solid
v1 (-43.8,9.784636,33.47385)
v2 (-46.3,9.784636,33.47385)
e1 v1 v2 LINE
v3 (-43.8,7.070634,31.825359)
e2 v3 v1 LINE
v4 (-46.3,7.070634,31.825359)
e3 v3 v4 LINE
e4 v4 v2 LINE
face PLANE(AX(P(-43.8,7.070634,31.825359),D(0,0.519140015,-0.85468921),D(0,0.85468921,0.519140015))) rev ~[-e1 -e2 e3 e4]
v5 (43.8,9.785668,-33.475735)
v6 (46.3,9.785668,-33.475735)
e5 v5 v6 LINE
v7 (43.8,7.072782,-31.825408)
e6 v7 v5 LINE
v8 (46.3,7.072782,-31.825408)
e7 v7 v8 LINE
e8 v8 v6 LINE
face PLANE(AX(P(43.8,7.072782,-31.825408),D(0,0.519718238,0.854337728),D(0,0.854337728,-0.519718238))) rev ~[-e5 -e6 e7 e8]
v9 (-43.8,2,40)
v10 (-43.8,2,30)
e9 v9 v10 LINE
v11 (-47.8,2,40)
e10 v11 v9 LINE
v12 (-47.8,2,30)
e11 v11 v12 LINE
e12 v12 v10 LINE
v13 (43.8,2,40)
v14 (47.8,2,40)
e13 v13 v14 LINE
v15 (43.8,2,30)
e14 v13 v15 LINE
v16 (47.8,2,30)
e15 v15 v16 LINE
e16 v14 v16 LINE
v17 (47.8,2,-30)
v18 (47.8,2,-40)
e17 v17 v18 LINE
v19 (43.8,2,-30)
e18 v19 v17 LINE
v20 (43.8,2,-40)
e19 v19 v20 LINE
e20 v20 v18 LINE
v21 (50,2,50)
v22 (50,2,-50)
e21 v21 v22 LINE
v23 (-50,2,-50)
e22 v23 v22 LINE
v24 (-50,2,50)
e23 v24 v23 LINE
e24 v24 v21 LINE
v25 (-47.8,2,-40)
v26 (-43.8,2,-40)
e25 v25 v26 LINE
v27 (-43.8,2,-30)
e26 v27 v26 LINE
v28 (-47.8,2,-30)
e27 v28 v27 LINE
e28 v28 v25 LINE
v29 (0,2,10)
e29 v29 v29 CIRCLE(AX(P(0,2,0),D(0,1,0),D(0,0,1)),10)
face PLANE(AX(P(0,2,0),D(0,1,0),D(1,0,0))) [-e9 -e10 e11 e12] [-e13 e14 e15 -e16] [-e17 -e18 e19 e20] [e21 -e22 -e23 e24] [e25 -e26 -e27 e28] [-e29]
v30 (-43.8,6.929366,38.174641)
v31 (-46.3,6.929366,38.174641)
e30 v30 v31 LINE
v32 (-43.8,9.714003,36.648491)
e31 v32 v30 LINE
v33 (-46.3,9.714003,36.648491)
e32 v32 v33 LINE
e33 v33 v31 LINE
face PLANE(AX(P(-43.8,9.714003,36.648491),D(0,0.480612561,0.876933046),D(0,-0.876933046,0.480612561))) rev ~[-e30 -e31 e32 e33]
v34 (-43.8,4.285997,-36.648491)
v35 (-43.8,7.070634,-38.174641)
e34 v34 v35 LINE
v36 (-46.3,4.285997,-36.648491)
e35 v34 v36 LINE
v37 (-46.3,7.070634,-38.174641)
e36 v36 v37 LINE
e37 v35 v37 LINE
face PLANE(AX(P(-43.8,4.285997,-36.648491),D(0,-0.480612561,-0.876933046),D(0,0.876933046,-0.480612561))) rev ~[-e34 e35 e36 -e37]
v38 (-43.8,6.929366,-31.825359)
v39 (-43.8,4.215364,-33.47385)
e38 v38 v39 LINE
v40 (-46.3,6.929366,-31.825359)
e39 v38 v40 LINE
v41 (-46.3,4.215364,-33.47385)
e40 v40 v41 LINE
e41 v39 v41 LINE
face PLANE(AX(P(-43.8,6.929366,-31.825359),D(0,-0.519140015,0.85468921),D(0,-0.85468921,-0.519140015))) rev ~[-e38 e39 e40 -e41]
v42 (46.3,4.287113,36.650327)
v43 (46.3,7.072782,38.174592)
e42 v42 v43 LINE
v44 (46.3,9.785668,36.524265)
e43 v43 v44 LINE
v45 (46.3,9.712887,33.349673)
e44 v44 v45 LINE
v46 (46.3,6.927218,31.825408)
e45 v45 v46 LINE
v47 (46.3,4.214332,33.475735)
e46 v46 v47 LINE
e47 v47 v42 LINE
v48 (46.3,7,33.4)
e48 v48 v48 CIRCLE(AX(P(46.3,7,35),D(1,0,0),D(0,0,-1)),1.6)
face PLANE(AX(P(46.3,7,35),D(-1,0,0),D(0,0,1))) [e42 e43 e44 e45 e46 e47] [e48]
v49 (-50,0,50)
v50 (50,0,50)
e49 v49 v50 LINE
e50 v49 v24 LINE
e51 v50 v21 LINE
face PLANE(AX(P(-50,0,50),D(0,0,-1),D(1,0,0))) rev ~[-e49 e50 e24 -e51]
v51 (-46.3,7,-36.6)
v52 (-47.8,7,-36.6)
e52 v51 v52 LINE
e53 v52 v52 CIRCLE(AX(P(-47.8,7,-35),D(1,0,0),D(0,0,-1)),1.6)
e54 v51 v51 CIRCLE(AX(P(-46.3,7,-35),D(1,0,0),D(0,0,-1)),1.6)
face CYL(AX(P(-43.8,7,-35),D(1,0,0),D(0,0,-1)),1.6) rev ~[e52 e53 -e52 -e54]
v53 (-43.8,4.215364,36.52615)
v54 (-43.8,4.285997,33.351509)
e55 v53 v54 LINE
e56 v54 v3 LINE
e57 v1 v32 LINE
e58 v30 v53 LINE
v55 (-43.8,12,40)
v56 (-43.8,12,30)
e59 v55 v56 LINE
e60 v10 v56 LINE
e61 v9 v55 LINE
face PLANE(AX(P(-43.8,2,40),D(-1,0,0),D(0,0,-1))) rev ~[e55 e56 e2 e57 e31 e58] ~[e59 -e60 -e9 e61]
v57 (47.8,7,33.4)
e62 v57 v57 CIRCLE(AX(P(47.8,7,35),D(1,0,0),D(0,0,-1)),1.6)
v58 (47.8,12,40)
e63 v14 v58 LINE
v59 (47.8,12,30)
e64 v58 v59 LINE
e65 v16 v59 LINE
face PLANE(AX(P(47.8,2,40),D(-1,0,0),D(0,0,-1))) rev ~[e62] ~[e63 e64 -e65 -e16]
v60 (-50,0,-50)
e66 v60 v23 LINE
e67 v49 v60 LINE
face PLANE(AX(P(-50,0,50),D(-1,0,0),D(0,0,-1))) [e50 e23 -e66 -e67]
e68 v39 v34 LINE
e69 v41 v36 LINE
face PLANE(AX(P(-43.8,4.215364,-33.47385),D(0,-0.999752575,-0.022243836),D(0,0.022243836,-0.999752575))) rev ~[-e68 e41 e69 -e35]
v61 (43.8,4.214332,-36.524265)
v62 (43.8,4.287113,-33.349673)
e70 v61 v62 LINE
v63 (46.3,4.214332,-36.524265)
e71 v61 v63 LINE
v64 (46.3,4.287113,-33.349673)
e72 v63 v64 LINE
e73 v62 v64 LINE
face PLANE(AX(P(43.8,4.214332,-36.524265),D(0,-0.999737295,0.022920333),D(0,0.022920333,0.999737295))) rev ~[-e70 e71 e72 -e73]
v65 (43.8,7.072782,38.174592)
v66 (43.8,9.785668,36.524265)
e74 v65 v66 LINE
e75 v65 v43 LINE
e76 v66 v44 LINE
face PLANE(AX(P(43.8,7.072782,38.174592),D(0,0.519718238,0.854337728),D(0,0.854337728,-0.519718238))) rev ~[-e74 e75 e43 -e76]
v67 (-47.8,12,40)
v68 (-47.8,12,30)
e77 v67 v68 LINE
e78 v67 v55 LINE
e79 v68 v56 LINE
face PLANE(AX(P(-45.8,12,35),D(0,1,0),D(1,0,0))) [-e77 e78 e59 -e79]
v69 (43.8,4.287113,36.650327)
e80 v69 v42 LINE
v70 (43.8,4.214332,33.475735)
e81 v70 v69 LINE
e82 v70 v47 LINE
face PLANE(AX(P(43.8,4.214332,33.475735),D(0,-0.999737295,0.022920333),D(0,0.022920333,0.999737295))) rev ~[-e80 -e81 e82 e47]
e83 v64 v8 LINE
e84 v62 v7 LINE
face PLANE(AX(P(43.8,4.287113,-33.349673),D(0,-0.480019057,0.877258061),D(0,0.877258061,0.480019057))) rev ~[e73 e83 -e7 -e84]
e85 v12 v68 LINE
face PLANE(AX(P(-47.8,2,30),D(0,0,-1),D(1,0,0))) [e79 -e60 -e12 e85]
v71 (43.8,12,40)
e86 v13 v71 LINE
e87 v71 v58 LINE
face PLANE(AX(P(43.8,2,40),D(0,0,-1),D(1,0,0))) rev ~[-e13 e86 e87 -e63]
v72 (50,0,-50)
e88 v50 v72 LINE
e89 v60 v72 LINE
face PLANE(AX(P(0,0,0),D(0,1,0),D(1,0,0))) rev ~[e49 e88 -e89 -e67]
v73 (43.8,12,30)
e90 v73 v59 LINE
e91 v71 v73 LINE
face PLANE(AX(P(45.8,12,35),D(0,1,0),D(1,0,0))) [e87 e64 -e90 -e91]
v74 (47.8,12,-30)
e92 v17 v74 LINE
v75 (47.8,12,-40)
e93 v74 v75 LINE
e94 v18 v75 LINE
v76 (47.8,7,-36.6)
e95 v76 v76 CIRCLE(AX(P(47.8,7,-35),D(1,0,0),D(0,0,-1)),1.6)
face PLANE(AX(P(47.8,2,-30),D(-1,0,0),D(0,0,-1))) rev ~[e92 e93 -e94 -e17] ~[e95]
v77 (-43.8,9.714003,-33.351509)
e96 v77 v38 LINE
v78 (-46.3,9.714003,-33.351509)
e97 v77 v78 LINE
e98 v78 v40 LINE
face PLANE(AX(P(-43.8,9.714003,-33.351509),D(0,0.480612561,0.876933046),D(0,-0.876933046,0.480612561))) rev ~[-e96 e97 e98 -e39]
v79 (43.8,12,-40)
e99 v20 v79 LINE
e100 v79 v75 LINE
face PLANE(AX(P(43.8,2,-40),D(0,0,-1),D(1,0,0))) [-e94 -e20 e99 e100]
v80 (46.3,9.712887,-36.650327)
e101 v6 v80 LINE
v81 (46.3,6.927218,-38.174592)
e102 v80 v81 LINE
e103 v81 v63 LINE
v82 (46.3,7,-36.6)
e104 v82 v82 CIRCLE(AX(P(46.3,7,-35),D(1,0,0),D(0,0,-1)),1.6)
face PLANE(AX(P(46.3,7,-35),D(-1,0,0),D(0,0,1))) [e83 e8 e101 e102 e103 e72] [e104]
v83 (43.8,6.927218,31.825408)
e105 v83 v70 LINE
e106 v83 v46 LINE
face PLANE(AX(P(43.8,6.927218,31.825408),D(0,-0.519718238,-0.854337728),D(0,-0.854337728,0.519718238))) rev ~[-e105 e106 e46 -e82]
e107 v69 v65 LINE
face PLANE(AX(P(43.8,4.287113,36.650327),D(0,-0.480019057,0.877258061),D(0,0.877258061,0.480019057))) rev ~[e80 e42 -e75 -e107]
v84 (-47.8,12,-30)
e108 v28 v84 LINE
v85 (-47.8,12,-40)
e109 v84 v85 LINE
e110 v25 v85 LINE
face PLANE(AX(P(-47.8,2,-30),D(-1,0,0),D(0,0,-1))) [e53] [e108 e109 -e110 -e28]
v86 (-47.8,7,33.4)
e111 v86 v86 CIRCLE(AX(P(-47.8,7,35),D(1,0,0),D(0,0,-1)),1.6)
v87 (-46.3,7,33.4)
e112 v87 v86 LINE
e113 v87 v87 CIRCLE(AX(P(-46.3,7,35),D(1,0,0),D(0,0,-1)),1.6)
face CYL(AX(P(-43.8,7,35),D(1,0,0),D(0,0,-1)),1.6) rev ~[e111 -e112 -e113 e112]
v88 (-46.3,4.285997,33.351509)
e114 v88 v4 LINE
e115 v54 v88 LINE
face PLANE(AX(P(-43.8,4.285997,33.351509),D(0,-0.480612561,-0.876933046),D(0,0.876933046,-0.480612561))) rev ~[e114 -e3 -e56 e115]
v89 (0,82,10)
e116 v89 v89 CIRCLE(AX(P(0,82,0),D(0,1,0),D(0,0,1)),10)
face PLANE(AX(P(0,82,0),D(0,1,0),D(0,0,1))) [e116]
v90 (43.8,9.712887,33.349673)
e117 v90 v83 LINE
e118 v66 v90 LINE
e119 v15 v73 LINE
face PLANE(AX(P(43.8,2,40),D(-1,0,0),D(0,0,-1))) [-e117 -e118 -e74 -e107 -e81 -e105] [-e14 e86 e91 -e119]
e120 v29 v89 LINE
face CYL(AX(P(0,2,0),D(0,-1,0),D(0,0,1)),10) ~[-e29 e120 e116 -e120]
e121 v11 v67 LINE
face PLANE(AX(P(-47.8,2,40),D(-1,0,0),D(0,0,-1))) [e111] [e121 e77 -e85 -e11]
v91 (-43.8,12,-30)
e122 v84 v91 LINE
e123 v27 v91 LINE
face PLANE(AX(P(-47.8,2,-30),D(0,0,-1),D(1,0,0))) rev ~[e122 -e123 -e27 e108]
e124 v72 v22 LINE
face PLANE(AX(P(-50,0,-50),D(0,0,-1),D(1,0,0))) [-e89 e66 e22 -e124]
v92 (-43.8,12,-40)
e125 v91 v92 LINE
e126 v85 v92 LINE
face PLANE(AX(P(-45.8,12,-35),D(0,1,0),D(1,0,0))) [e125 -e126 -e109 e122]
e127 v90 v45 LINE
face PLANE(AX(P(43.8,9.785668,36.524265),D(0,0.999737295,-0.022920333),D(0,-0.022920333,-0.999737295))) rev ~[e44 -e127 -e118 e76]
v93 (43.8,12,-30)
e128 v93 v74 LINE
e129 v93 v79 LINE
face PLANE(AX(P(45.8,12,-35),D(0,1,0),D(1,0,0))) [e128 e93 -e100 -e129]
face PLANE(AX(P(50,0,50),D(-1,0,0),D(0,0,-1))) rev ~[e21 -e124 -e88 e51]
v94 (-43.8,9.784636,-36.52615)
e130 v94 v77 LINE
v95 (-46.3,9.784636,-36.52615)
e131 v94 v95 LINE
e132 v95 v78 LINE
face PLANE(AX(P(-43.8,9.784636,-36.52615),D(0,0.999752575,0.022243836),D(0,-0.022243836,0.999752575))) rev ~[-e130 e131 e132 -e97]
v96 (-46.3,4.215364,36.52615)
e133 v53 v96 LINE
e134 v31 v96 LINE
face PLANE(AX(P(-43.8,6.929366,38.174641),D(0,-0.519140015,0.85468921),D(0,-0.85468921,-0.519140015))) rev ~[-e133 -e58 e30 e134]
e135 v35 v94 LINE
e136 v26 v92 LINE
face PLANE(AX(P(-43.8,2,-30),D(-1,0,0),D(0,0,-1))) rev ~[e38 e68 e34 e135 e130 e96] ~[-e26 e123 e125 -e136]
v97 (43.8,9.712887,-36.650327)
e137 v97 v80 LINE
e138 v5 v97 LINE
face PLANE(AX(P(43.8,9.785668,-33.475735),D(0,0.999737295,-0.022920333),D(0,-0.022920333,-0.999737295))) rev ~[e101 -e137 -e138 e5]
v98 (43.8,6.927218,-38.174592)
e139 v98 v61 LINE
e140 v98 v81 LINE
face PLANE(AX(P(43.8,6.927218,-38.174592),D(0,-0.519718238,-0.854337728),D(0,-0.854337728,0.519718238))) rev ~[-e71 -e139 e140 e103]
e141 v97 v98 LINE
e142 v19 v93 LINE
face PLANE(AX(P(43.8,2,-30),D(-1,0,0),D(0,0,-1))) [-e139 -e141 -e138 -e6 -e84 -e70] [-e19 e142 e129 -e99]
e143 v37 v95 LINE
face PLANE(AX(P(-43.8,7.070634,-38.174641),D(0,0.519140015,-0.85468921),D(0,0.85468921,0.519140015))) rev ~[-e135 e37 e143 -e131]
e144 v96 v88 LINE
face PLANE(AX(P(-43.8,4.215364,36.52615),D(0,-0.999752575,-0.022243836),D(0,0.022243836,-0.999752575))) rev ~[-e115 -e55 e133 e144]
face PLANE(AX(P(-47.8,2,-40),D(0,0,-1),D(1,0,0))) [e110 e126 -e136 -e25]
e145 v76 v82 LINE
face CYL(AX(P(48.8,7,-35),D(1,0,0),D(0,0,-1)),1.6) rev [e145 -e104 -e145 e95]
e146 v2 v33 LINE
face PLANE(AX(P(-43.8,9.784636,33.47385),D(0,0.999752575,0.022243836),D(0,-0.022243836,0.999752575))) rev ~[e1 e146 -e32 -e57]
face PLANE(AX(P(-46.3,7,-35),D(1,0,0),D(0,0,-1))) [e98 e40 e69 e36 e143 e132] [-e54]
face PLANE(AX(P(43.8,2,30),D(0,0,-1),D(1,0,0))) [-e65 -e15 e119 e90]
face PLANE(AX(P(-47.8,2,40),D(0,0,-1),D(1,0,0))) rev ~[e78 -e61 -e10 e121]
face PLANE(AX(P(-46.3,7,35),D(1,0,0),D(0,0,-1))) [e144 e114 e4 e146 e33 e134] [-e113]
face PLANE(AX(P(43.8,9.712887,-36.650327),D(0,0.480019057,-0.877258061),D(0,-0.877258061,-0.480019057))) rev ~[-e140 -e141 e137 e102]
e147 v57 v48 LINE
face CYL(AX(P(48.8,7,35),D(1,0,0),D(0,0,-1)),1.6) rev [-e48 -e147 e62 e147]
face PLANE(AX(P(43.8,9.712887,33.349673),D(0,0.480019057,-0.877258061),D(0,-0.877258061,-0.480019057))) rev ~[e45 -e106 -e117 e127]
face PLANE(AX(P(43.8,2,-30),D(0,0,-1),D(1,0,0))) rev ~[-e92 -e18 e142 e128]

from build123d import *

# Parameters (mm, degrees)
IZIM1_W                     = 100
IZIM1_H                     = 100
Y_KSEKLIK_EKSTR_ZYON1_DEPTH = 2
IZIM2_R                     = 10
Y_KSEKLIK_EKSTR_ZYON2_DEPTH = 80
IZIM3_W                     = 4
IZIM3_H                     = 10
Y_KSEKLIK_EKSTR_ZYON3_DEPTH = 10
KES_EKSTR_ZYON1_DEPTH       = 2.5
IZIM6_R                     = 1.6
KES_EKSTR_ZYON2_DEPTH       = 5
KES_EKSTR_ZYON3_DEPTH       = 2.5
KES_EKSTR_ZYON4_START       = -5
IZIM8_R                     = 1.6
KES_EKSTR_ZYON4_DEPTH       = 5


with BuildPart() as part:
    # Çizim1 → Yükseklik-Ekstrüzyon1 (new body)
    with BuildSketch(Plane(origin=(0, 0, 0), x_dir=(1, 0, 0), z_dir=(0, 1, 0))):
        Rectangle(IZIM1_W, IZIM1_H)
    extrude(amount=Y_KSEKLIK_EKSTR_ZYON1_DEPTH)

    # Çizim2 → Yükseklik-Ekstrüzyon2 (add)
    with BuildSketch(Plane(origin=(0, 2, 0), x_dir=(1, 0, 0), z_dir=(0, 1, 0))):
        with Locations(Location((0, 0, 0), (0, 0, 270))):
            Circle(IZIM2_R)
    extrude(amount=Y_KSEKLIK_EKSTR_ZYON2_DEPTH)

    # Çizim3 → Yükseklik-Ekstrüzyon3 (add)
    with BuildSketch(Plane(origin=(0, 2, 0), x_dir=(1, 0, 0), z_dir=(0, 1, 0))):
        with Locations((-45.8, 35)):
            Rectangle(IZIM3_W, IZIM3_H)
        with Locations((45.8, 35)):
            Rectangle(IZIM3_W, IZIM3_H)
        with Locations((-45.8, -35)):
            Rectangle(IZIM3_W, IZIM3_H)
        with Locations((45.8, -35)):
            Rectangle(IZIM3_W, IZIM3_H)
    extrude(amount=Y_KSEKLIK_EKSTR_ZYON3_DEPTH)

    # Çizim5 → Kes-Ekstrüzyon1 (cut)
    with BuildSketch(Plane(origin=(-43.8, 0, 0), x_dir=(0, 0, -1), z_dir=(1, 0, 0))):
        Polygon((-36.526149852, 4.215363585), (-33.35150905, 4.285997251), (-31.825359198, 7.070633666), (-33.473850148, 9.784636415), (-36.64849095, 9.714002749), (-38.174640802, 6.929366334), align=None)
        Polygon((33.473850148, 4.215363585), (36.64849095, 4.285997251), (38.174640802, 7.070633666), (36.526149852, 9.784636415), (33.35150905, 9.714002749), (31.825359198, 6.929366334), align=None)
    extrude(amount=-KES_EKSTR_ZYON1_DEPTH, mode=Mode.SUBTRACT)

    # Çizim6 → Kes-Ekstrüzyon2 (cut)
    with BuildSketch(Plane(origin=(-43.8, 0, 0), x_dir=(0, 0, -1), z_dir=(1, 0, 0))):
        with Locations((-35, 7)):
            Circle(IZIM6_R)
        with Locations((35, 7)):
            Circle(IZIM6_R)
    extrude(amount=-KES_EKSTR_ZYON2_DEPTH, mode=Mode.SUBTRACT)

    # Çizim7 → Kes-Ekstrüzyon3 (cut)
    with BuildSketch(Plane.ZY.offset(-43.8)):
        Polygon((-33.475734775, 9.785668476), (-36.650327054, 9.712886645), (-38.174592279, 6.927218169), (-36.524265225, 4.214331524), (-33.349672946, 4.287113355), (-31.825407721, 7.072781831), align=None)
        Polygon((36.524265225, 9.785668476), (33.349672946, 9.712886645), (31.825407721, 6.927218169), (33.475734775, 4.214331524), (36.650327054, 4.287113355), (38.174592279, 7.072781831), align=None)
    extrude(amount=-KES_EKSTR_ZYON3_DEPTH, mode=Mode.SUBTRACT)

    # Çizim8 → Kes-Ekstrüzyon4 (cut)
    with BuildSketch(Plane.ZY.offset(-43.8).offset(KES_EKSTR_ZYON4_START)):
        with Locations(Location((35, 7, 0), (0, 0, 180))):
            Circle(IZIM8_R)
        with Locations(Location((-35, 7, 0), (0, 0, 180))):
            Circle(IZIM8_R)
    extrude(amount=KES_EKSTR_ZYON4_DEPTH, mode=Mode.SUBTRACT)


solid = part.part
